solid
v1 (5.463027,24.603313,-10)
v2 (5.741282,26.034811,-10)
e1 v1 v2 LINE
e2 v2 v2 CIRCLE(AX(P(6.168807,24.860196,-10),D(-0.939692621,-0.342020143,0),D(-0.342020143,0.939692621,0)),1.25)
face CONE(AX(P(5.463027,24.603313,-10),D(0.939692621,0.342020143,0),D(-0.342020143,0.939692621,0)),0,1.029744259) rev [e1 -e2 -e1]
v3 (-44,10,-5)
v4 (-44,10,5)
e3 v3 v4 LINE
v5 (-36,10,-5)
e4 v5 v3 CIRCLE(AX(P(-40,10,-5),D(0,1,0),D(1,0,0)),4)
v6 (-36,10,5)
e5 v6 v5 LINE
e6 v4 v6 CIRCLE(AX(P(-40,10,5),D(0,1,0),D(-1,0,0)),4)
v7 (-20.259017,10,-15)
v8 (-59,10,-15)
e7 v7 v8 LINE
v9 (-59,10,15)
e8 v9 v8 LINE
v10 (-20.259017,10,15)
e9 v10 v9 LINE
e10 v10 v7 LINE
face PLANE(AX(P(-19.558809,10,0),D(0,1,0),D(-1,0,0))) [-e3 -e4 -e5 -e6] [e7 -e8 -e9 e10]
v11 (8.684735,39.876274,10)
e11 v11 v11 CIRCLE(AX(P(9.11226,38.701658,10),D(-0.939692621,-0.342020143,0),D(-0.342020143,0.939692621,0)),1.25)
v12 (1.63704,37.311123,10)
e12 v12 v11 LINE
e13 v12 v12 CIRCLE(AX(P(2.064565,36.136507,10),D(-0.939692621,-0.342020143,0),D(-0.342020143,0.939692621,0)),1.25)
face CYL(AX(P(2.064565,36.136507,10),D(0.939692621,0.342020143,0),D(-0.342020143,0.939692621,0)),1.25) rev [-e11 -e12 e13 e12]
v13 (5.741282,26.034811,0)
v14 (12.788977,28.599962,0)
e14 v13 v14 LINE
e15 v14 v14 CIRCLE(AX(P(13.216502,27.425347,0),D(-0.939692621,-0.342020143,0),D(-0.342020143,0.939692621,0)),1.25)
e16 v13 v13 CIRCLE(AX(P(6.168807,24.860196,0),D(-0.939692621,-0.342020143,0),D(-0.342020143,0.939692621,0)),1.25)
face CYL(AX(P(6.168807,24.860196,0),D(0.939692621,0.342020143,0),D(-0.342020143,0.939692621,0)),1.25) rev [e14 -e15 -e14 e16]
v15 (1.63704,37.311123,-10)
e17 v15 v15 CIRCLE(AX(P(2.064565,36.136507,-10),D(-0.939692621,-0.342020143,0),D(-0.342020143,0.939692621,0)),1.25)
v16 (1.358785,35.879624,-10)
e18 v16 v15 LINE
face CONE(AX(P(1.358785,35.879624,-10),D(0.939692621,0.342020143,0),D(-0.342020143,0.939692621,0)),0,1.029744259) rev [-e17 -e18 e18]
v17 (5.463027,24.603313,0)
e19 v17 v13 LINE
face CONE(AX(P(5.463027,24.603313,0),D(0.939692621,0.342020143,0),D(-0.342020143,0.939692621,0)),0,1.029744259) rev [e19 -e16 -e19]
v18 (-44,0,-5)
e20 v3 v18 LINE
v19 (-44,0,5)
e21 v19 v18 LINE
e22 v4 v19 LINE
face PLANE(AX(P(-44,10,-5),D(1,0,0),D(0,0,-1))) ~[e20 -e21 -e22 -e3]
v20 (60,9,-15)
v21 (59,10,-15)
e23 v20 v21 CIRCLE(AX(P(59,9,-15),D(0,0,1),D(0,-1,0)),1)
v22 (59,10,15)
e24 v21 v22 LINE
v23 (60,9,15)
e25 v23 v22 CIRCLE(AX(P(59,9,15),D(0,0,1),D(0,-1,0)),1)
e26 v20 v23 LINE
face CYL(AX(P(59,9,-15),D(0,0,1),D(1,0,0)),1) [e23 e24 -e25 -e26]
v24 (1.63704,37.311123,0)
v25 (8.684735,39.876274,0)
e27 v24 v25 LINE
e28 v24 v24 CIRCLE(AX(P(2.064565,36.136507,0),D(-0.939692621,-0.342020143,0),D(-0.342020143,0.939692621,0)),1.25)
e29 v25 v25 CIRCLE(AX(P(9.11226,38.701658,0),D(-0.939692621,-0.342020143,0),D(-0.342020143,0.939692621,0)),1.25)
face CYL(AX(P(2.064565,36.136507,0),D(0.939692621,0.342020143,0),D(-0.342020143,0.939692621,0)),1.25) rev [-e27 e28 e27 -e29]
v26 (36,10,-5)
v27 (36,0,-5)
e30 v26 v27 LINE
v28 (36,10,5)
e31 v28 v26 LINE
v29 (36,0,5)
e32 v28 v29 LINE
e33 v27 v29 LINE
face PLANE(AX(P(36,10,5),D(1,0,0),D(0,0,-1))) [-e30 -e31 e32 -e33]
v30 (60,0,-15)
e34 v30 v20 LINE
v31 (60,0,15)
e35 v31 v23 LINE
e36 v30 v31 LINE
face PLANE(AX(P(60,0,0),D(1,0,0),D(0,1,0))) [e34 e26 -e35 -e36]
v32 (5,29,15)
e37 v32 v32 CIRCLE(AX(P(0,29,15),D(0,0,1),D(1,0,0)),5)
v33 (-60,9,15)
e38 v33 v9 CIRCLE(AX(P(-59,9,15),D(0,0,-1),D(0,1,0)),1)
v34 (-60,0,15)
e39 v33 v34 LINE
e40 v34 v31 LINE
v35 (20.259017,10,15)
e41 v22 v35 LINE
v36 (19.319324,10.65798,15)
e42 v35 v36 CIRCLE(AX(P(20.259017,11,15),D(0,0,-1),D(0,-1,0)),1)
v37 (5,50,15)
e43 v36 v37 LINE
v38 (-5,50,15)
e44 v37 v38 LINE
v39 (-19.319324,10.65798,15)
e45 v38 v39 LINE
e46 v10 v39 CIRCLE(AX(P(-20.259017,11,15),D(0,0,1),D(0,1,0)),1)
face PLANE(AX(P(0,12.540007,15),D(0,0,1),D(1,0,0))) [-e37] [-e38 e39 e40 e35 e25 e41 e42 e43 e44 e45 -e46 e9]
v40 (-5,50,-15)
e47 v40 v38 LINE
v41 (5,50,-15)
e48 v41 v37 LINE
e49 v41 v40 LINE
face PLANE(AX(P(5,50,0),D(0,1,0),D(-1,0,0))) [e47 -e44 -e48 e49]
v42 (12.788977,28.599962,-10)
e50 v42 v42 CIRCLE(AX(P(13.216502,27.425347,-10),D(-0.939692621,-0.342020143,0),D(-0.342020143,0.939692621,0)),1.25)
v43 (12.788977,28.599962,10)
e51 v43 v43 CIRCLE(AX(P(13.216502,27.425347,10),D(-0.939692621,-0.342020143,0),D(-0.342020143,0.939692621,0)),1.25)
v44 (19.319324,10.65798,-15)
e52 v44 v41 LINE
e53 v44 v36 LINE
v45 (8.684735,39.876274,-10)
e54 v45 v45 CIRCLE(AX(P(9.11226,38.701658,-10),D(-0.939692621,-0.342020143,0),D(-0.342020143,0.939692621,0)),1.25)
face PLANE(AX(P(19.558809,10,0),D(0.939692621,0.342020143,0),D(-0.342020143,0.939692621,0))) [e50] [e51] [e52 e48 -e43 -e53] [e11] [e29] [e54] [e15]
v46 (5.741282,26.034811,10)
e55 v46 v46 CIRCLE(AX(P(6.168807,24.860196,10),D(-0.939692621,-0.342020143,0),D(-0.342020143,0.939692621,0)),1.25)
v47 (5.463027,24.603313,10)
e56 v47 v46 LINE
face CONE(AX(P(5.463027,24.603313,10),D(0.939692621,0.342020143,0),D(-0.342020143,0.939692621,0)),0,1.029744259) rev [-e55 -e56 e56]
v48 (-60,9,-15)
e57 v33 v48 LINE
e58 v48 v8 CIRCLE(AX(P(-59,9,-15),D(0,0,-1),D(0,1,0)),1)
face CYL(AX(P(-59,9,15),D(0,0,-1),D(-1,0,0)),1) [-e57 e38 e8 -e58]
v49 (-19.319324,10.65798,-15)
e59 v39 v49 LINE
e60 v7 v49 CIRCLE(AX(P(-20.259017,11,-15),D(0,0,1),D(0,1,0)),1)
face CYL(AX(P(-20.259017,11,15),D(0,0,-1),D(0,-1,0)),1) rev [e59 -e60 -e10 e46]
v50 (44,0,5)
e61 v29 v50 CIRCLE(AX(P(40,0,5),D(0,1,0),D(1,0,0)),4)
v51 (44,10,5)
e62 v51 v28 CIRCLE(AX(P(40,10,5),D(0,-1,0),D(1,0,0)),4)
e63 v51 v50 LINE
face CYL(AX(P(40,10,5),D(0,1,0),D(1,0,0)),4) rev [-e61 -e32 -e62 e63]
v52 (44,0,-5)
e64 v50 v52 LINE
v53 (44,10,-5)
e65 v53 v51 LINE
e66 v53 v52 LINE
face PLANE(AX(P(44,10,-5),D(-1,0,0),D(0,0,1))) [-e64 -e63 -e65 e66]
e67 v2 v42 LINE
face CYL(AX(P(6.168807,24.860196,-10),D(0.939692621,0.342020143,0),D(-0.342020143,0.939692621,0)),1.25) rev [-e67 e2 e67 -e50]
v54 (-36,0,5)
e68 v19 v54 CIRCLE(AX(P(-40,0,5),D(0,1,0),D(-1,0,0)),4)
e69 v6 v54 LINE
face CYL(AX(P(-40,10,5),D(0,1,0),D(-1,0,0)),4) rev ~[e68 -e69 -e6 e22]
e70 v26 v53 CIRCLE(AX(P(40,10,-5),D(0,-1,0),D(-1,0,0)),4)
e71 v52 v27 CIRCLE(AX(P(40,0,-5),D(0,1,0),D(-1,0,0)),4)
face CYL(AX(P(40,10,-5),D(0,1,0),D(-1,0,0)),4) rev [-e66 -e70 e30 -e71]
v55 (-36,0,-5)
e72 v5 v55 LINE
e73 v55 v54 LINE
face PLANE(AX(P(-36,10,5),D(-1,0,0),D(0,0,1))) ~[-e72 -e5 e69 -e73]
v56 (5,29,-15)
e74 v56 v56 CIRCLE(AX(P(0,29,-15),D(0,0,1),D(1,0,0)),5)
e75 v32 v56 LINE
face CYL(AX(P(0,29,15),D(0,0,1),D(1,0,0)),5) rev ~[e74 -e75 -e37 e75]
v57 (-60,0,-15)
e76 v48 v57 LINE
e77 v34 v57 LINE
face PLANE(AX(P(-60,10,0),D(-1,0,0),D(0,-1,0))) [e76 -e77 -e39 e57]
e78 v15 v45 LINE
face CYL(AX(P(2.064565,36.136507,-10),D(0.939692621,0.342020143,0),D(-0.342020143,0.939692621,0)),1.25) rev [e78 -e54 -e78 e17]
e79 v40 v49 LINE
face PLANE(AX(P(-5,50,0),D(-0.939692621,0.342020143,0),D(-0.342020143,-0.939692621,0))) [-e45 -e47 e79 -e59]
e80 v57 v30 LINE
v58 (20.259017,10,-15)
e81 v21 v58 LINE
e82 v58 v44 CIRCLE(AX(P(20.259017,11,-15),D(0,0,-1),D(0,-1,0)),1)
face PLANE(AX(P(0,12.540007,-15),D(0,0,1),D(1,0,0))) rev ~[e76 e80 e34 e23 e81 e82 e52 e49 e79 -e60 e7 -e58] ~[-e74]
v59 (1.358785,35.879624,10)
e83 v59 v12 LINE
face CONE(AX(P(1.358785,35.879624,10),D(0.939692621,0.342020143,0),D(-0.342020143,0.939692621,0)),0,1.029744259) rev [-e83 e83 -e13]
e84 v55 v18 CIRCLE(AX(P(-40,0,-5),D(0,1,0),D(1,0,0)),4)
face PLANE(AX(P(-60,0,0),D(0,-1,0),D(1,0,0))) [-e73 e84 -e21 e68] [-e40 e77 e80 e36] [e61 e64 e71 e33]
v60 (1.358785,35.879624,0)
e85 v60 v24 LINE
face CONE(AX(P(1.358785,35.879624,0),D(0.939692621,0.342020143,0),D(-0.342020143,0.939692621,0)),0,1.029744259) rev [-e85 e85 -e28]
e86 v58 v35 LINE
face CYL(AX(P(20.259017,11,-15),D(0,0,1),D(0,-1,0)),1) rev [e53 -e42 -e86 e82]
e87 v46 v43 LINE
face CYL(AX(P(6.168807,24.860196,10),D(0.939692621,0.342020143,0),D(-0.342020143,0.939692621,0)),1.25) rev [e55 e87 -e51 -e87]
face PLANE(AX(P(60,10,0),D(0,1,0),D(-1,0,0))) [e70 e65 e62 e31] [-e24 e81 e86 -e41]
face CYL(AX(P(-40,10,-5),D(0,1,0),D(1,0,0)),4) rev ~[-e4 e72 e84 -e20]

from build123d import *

# Parameters (mm, degrees)
BASE_EXTRUDE_DEPTH   = 15
SLOT_CUT_DEPTH       = 74.654599313
SKETCH3_R            = 5
GUIDE_HOLE_DEPTH     = 84.666002653
LPATTERN1_COUNT      = 3
LPATTERN1_PITCH      = 10
LPATTERN1_COUNT_DIR2 = 2
LPATTERN1_PITCH_DIR2 = 12
FILLET1_R            = 1


with BuildPart() as part:
    # Sketch1 → Base Extrude (new, symmetric)
    with BuildSketch(Plane.XY):
        Polygon((-60, 0), (60, 0), (60, 10), (19.558809371, 10), (5, 50), (-5, 50), (-19.558809371, 10), (-60, 10), align=None)
    extrude(amount=BASE_EXTRUDE_DEPTH, both=True)

    # Sketch2 → Slot Cut (cut, through all)
    with BuildSketch(Plane(origin=(0, 10, 0), x_dir=(1, 0, 0), z_dir=(0, 1, 0))):
        with BuildLine():
            Line((36, -5), (36, 5))
            ThreePointArc((36, 5), (40, 9), (44, 5))
            Line((44, 5), (44, -5))
            ThreePointArc((44, -5), (40, -9), (36, -5))
        make_face()
    slot_cut = extrude(amount=-SLOT_CUT_DEPTH, mode=Mode.SUBTRACT)

    # Mirror1: Slot Cut across plane
    add(slot_cut.mirror(Plane(origin=(0, 0, 0), x_dir=(0, 0, 1), z_dir=(1, 0, 0))), mode=Mode.SUBTRACT)

    # Sketch3 → Guide hole (cut, through all)
    with BuildSketch(Plane.XY.offset(15)):
        with Locations((0, 29)):
            Circle(SKETCH3_R)
    extrude(amount=-GUIDE_HOLE_DEPTH, mode=Mode.SUBTRACT)

    # Sketch10 → M3x0.5 Tapped Hole3 (revolve, cut)
    with BuildSketch(Plane(origin=(13.216501869, 27.425346647, 10), x_dir=(-0.3420201433256727, 0.939692620785907, 0), z_dir=(0, 0, 1))):
        Polygon((0, 0), (0, 8.251075774), (1.25, 7.5), (1.25, 0), align=None)
    m3x0_5_tapped_hole3 = revolve(axis=Axis((19.183550011, 29.597174557, 10), (-0.9396926207859069, -0.34202014332567277, 0)), mode=Mode.SUBTRACT)

    # LPattern1: M3x0.5 Tapped Hole3 3 × 2
    with Locations(*[Vector(0, 0, -1) * (i * LPATTERN1_PITCH) + Vector(-0.34202014332567315, 0.9396926207859069, 0) * (j * LPATTERN1_PITCH_DIR2) for i in range(LPATTERN1_COUNT) for j in range(LPATTERN1_COUNT_DIR2) if (i, j) != (0, 0)]):
        add(m3x0_5_tapped_hole3, mode=Mode.SUBTRACT)

    # Fillet1
    fillet1_edges = [part.edges().sort_by_distance(p)[0] for p in [
        (-60, 10, 0),
        (-19.558809371, 10, 0),
        (19.558809371, 10, 0),
        (60, 10, 0),
    ]]
    fillet(fillet1_edges, radius=FILLET1_R)


solid = part.part
